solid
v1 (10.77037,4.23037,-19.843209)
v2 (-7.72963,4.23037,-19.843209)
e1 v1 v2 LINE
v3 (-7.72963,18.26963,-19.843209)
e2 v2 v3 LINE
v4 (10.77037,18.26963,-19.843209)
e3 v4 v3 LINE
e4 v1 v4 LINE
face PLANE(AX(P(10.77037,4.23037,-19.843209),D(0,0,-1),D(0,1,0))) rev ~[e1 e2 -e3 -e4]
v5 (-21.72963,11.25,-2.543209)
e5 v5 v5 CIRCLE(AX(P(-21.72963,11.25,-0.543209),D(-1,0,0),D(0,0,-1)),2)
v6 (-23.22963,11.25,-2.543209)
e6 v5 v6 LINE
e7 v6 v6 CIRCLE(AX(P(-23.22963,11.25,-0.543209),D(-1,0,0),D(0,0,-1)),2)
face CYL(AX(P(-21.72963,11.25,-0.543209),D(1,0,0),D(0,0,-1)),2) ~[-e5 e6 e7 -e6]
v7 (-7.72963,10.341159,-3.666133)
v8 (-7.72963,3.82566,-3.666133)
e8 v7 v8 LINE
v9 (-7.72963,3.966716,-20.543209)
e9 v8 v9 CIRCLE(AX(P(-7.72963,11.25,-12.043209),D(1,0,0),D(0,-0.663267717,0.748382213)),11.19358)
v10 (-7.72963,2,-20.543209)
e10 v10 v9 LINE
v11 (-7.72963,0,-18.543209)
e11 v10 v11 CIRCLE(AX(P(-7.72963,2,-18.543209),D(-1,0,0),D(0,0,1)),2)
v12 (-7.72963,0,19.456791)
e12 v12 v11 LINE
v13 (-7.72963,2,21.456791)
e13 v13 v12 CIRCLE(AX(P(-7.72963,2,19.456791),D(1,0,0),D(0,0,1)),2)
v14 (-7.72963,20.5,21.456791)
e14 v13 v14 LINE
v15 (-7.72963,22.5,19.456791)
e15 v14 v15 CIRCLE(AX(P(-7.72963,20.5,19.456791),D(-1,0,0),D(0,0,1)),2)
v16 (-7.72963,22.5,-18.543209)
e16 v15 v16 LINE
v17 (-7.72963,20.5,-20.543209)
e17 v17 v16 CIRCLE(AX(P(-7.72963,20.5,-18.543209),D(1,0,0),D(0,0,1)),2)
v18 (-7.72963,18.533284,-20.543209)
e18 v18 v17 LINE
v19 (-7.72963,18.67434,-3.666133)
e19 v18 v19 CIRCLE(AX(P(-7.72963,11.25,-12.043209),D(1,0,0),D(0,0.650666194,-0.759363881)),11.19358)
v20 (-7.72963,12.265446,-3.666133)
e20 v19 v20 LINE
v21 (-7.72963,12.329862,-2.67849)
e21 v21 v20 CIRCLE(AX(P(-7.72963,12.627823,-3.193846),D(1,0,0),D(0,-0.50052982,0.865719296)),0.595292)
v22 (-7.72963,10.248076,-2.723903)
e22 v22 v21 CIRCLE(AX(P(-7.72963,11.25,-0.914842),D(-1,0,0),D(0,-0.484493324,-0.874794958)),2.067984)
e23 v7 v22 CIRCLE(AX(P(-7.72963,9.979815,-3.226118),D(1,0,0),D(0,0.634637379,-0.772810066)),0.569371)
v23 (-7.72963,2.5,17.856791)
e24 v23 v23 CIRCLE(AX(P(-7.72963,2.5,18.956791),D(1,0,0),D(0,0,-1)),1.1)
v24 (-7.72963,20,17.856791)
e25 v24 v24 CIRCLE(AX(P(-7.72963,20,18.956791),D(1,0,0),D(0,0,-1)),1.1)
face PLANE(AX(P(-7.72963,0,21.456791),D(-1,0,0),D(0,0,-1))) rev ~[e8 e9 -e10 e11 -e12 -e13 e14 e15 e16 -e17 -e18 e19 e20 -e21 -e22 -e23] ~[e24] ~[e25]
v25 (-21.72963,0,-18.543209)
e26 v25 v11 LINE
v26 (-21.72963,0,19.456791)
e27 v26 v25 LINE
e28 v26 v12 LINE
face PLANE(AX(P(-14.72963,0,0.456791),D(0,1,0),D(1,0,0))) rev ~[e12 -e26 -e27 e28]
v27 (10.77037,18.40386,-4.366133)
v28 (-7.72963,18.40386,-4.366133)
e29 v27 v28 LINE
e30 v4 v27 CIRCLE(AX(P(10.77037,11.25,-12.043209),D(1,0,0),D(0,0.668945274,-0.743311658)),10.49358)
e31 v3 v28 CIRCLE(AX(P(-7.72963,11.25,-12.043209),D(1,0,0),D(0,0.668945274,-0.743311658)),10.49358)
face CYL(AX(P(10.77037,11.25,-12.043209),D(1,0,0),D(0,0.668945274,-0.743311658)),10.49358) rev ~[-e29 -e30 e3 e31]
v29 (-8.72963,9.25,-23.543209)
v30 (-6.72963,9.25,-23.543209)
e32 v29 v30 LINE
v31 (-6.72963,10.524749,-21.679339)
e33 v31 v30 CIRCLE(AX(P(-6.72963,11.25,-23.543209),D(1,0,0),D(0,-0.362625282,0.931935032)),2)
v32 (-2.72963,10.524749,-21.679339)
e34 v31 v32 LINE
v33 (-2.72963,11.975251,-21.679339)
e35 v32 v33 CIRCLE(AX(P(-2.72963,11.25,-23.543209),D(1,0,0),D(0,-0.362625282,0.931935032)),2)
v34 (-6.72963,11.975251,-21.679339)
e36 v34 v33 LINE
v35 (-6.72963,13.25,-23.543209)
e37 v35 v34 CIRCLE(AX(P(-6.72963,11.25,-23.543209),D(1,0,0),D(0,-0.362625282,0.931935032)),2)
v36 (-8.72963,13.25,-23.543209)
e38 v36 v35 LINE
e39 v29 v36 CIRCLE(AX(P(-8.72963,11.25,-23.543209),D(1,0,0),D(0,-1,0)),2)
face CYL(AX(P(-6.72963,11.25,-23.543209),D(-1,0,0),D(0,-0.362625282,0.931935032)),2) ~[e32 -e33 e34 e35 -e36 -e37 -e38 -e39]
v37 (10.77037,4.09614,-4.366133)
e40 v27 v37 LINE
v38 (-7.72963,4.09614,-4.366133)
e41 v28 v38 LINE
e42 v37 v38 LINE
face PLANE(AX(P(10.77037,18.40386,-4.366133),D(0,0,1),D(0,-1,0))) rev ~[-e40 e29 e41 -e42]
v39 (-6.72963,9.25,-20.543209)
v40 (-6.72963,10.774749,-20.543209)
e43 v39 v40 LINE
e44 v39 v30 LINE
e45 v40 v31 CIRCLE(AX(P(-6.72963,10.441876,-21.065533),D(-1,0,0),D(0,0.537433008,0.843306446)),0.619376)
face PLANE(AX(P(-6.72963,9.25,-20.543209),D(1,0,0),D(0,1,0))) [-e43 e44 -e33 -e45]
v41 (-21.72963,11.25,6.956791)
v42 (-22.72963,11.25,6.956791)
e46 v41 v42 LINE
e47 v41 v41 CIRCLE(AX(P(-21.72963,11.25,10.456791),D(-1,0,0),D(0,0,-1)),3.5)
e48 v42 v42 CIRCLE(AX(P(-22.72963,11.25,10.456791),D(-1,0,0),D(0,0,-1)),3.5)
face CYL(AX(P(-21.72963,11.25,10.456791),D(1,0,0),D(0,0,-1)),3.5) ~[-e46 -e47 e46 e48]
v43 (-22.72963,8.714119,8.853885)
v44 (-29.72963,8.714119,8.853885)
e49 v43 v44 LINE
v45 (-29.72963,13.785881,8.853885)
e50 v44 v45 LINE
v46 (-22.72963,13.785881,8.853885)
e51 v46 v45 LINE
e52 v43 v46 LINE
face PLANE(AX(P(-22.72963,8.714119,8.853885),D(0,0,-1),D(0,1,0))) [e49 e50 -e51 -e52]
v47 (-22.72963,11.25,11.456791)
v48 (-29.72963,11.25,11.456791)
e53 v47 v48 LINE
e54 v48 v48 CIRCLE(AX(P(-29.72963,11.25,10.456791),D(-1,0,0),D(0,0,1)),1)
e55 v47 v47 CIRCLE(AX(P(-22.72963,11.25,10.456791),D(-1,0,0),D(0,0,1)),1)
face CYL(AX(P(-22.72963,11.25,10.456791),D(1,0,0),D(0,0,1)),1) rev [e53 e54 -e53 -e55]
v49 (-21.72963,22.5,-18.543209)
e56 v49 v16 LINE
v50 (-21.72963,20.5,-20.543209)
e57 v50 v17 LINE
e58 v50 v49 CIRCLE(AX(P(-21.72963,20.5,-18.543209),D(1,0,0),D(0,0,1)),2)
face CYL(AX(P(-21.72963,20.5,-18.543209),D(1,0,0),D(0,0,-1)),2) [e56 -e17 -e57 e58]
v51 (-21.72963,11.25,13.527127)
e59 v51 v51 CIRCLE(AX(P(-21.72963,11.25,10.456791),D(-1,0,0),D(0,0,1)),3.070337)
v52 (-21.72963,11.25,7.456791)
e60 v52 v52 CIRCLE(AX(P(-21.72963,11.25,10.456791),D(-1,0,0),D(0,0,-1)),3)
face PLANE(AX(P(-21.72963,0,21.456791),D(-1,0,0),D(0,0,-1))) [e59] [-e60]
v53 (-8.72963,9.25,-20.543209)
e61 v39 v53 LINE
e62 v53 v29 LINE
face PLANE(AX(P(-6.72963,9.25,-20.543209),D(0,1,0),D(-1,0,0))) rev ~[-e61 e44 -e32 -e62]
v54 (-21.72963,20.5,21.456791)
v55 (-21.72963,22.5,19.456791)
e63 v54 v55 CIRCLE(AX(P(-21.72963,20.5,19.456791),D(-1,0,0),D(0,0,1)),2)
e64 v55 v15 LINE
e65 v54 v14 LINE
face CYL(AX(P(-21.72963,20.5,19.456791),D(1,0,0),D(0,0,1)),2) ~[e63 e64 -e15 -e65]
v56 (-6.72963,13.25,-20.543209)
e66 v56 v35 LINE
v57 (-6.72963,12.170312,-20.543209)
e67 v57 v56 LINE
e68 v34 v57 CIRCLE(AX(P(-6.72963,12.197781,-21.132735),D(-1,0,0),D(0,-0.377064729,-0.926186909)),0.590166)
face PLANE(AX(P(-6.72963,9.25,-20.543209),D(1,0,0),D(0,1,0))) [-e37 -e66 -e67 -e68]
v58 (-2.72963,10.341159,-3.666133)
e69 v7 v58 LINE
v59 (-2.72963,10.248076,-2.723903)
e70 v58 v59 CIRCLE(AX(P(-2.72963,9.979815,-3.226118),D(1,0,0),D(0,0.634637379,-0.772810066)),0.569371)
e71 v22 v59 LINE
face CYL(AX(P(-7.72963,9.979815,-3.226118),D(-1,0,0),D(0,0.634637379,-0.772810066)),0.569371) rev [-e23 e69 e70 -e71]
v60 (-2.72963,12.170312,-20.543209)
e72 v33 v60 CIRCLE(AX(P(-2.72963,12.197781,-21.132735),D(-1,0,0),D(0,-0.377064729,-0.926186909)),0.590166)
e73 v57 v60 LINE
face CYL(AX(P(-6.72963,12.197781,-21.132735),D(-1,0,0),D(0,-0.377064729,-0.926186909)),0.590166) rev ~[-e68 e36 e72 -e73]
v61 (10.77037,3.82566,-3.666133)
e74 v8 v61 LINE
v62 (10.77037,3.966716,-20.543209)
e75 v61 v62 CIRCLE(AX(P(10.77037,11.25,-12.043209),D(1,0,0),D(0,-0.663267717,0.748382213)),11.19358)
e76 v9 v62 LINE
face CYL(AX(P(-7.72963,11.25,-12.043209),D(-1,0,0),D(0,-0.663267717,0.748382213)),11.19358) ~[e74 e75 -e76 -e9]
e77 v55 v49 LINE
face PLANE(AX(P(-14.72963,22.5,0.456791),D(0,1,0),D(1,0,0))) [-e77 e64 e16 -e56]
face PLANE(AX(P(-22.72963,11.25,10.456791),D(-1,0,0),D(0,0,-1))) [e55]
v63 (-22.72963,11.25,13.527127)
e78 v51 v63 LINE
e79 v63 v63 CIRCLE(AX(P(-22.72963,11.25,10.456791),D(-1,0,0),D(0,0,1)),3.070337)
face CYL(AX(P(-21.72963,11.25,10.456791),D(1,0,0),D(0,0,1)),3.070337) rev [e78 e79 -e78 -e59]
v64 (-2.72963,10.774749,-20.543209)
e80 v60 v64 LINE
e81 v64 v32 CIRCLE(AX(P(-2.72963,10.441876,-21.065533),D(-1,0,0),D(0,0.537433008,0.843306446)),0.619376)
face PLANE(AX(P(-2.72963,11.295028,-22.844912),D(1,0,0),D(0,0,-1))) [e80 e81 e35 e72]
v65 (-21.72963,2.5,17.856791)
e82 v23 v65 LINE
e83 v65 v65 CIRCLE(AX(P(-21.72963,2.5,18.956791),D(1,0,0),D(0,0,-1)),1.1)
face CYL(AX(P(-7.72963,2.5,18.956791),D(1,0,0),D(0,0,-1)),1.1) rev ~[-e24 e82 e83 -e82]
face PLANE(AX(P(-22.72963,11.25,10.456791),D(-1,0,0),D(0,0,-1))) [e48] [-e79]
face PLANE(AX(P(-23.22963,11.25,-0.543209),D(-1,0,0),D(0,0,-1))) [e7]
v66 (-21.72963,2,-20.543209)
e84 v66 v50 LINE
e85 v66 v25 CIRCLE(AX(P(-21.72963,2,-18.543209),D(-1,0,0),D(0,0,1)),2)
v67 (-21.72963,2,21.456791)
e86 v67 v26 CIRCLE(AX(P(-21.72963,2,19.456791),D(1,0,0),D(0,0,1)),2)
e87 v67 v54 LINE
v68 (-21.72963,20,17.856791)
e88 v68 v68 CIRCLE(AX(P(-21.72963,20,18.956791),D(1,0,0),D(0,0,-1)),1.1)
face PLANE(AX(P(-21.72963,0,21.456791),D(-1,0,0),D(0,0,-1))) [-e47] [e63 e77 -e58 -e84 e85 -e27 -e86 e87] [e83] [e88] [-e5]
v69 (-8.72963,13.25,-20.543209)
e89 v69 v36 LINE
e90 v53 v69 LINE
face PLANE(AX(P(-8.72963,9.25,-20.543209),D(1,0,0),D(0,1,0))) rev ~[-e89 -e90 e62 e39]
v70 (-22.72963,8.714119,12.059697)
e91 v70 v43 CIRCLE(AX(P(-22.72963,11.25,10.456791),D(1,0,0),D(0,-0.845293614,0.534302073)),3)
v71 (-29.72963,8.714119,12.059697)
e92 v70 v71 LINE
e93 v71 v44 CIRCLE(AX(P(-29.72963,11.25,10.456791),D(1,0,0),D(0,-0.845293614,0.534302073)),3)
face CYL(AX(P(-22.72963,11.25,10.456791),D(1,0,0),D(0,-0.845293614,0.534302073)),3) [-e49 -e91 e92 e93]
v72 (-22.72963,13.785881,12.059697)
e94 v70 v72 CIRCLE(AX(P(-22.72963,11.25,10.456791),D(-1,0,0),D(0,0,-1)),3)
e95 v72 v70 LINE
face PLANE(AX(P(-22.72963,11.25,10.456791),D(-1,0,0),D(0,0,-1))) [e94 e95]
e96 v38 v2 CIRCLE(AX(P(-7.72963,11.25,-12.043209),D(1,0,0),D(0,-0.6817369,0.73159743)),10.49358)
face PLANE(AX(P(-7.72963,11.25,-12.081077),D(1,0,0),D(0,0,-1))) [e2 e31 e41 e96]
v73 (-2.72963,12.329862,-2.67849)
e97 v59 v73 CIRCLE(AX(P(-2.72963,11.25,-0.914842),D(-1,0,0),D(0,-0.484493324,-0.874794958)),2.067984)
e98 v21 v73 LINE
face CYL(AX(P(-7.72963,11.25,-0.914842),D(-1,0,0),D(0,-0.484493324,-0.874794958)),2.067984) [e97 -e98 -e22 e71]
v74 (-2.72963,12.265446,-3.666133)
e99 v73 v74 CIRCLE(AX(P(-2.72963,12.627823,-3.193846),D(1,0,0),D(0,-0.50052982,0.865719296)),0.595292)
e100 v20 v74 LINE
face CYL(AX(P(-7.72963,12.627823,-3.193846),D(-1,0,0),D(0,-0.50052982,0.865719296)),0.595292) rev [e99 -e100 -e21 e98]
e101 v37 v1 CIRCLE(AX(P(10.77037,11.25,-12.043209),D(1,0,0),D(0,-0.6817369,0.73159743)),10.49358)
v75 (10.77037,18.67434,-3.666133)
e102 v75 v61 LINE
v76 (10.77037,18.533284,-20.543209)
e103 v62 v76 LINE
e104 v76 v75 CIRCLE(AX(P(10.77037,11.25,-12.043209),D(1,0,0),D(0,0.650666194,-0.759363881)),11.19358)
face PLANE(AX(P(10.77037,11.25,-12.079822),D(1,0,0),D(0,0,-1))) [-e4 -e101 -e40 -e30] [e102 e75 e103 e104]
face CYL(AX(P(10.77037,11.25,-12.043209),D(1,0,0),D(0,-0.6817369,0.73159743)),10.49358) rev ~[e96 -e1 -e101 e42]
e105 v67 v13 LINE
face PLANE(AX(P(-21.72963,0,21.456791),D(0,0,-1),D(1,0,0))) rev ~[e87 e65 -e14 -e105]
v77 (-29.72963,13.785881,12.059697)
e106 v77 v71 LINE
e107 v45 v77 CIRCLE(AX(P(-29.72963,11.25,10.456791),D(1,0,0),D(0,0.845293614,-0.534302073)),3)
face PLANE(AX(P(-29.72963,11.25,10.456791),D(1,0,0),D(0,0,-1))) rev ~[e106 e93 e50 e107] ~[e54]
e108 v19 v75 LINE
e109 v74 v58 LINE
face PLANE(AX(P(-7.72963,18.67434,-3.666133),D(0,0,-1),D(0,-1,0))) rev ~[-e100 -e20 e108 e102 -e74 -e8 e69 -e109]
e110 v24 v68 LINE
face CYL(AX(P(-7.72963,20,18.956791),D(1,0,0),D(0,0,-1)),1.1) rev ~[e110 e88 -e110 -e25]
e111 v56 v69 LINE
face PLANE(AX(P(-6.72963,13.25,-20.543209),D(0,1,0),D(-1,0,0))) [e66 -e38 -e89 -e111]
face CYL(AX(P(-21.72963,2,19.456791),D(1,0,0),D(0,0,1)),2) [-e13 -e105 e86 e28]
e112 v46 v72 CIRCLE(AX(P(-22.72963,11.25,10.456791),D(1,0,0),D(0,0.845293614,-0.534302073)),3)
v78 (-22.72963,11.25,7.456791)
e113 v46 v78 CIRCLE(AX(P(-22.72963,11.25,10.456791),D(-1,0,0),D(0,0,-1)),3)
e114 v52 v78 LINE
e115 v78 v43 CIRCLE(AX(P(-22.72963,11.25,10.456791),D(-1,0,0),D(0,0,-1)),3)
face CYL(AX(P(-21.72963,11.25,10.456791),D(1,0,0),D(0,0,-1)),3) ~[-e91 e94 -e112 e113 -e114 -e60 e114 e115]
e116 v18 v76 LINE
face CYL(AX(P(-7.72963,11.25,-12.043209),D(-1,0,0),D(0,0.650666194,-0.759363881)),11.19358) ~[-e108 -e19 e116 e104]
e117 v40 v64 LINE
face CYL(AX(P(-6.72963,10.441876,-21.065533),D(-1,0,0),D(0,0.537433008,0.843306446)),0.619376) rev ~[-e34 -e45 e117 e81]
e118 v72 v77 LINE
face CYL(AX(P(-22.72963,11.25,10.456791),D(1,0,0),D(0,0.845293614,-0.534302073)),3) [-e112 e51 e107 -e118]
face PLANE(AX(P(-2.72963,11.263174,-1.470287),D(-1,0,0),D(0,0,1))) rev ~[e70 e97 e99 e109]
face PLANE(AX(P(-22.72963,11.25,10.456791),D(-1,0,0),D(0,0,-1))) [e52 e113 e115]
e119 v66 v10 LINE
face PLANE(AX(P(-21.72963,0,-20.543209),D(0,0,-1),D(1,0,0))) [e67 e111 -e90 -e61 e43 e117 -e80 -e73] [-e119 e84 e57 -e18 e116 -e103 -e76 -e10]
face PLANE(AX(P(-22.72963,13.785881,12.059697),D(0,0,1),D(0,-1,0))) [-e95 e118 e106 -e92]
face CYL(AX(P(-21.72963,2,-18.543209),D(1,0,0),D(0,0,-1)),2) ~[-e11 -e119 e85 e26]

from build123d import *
from build123d.topology import SkipClean

# Parameters (mm, degrees)
SKETCH1_W           = 14
SKETCH1_H           = 42
BOSS_EXTRUDE1_DEPTH = 22.5
FILLET1_R           = 2
BOSS_EXTRUDE2_DEPTH = 18.5
BOSS_EXTRUDE3_DEPTH = 5
SKETCH4_R           = 1.1
CUT_EXTRUDE1_DEPTH  = 15
SKETCH5_W           = 2
SKETCH5_H           = 4
BOSS_EXTRUDE4_DEPTH = 5
BOSS_EXTRUDE5_DEPTH = 4
CUT_EXTRUDE2_START  = -2
CUT_EXTRUDE2_DEPTH  = 2
SKETCH12_R          = 3.5
SKETCH12_R_2        = 3.070336519
BOSS_EXTRUDE6_DEPTH = 1
SKETCH14_R          = 3
BOSS_EXTRUDE7_DEPTH = 1
SKETCH15_R          = 1
BOSS_EXTRUDE8_DEPTH = 7
SKETCH16_R          = 2
BOSS_EXTRUDE9_DEPTH = 1.5
CUT_EXTRUDE3_DEPTH  = 18.5


with BuildPart() as part:
    # Sketch1 → Boss-Extrude1 (new body)
    with BuildSketch(Plane(origin=(0, 0, 0), x_dir=(1, 0, 0), z_dir=(0, 1, 0))):
        with Locations((-14.72963025, -0.456790856)):
            Rectangle(SKETCH1_W, SKETCH1_H)
    extrude(amount=BOSS_EXTRUDE1_DEPTH)

    # Fillet1
    fillet1_edges = [part.edges().sort_by_distance(p)[0] for p in [
        (-14.72963025, 22.5, -20.543209144),
        (-14.72963025, 0, -20.543209144),
        (-14.72963025, 0, 21.456790856),
        (-14.72963025, 22.5, 21.456790856),
    ]]
    fillet(fillet1_edges, radius=FILLET1_R)

    # Sketch2 → Boss-Extrude2 (add)
    with BuildSketch(Plane(origin=(-7.72963025, 0, 0), x_dir=(0, 0, -1), z_dir=(1, 0, 0))):
        with BuildLine():
            Line((3.666133326, 18.67433994), (3.666133326, 3.82566006))
            ThreePointArc((3.666133326, 3.82566006), (12.136760187, 0.056811401), (20.543209144, 3.966716207))
            Line((20.543209144, 3.966716207), (20.543209144, 18.533283793))
            ThreePointArc((20.543209144, 18.533283793), (12.136760187, 22.443188599), (3.666133326, 18.67433994))
        make_face()
    extrude(amount=BOSS_EXTRUDE2_DEPTH)

    # Sketch3 → Boss-Extrude3 (add)
    with BuildSketch(Plane(origin=(-7.72963025, 0, 0), x_dir=(0, 0, -1), z_dir=(1, 0, 0))):
        with BuildLine():
            Line((3.666133326, 12.265446457), (3.666133326, 10.341158941))
            ThreePointArc((3.666133326, 10.341158941), (3.170141933, 10.546427574), (2.72390333, 10.248075799))
            ThreePointArc((2.72390333, 10.248075799), (-1.152649836, 11.204898318), (2.678489822, 12.329861741))
            ThreePointArc((2.678489822, 12.329861741), (3.155102255, 12.033793242), (3.666133326, 12.265446457))
        make_face()
    extrude(amount=BOSS_EXTRUDE3_DEPTH)

    # Sketch4 → Cut-Extrude1 (cut)
    with BuildSketch(Plane(origin=(-7.72963025, 0, 0), x_dir=(0, 0, -1), z_dir=(1, 0, 0))):
        with Locations((-18.956790856, 20)):
            Circle(SKETCH4_R)
        with Locations((-18.956790856, 2.5)):
            Circle(SKETCH4_R)
    extrude(amount=-CUT_EXTRUDE1_DEPTH, mode=Mode.SUBTRACT)

    # Sketch5 → Boss-Extrude4 (add)
    with BuildSketch(Plane(origin=(0, 0, -20.543209144), x_dir=(-1, 0, 0), z_dir=(0, 0, -1))):
        with Locations((7.72963025, 11.25)):
            Rectangle(SKETCH5_W, SKETCH5_H)
    extrude(amount=BOSS_EXTRUDE4_DEPTH)

    # Sketch6 → Boss-Extrude5 (add)
    with BuildSketch(Plane(origin=(-6.72963025, 0, 0), x_dir=(0, 0, -1), z_dir=(1, 0, 0))):
        with BuildLine():
            ThreePointArc((21.679339079, 11.975250565), (21.032871281, 11.616126027), (20.543209144, 12.17031195))
            Line((20.543209144, 12.17031195), (20.543209144, 10.774749435))
            ThreePointArc((20.543209144, 10.774749435), (21.198638933, 11.046780591), (21.679339079, 10.524749435))
            ThreePointArc((21.679339079, 10.524749435), (25.543209144, 11.25), (21.679339079, 11.975250565))
        make_face()
    extrude(amount=BOSS_EXTRUDE5_DEPTH)

    # Sketch7 → Cut-Extrude2 (cut)
    with BuildSketch(Plane(origin=(-6.72963025, 0, 0), x_dir=(0, 0, -1), z_dir=(1, 0, 0)).offset(CUT_EXTRUDE2_START)):
        with BuildLine():
            Line((23.543209144, 13.25), (23.543209144, 13.967200788))
            Line((23.543209144, 13.967200788), (25.760178749, 13.967200788))
            Line((25.760178749, 13.967200788), (25.760178749, 8.970470958))
            Line((25.760178749, 8.970470958), (23.543209144, 8.970470958))
            Line((23.543209144, 8.970470958), (23.543209144, 9.25))
            ThreePointArc((23.543209144, 9.25), (25.543209144, 11.25), (23.543209144, 13.25))
        make_face()
    extrude(amount=CUT_EXTRUDE2_DEPTH, mode=Mode.SUBTRACT)

    # Sketch12 → Boss-Extrude6 (add)
    with BuildSketch(Plane.ZY.offset(21.72963025)):
        with Locations(Location((10.456790856, 11.25, 0), (0, 0, 180))):
            Circle(SKETCH12_R)
        with Locations((10.456790856, 11.25)):
            Circle(SKETCH12_R_2, mode=Mode.SUBTRACT)
    extrude(amount=BOSS_EXTRUDE6_DEPTH)

    # Sketch14 → Boss-Extrude7 (add)
    with BuildSketch(Plane.ZY.offset(21.72963025)):
        with Locations(Location((10.456790856, 11.25, 0), (0, 0, 180))):
            Circle(SKETCH14_R)
    extrude(amount=BOSS_EXTRUDE7_DEPTH)

    # Sketch15 → Boss-Extrude8 (add)
    with SkipClean():  # the faces are left unmerged after this step: merging them gives an invalid solid
        with BuildSketch(Plane.ZY.offset(22.72963025)):
            with BuildLine():
                Line((8.853884636, 8.714119157), (8.853884636, 13.785880843))
                ThreePointArc((8.853884636, 13.785880843), (10.456790856, 14.25), (12.059697077, 13.785880843))
                Line((12.059697077, 13.785880843), (12.059697077, 8.714119157))
                ThreePointArc((12.059697077, 8.714119157), (10.456790856, 8.25), (8.853884636, 8.714119157))
            make_face()
            with Locations((10.456790856, 11.25)):
                Circle(SKETCH15_R, mode=Mode.SUBTRACT)
        extrude(amount=BOSS_EXTRUDE8_DEPTH)

    # Sketch16 → Boss-Extrude9 (add)
    with SkipClean():  # the faces are left unmerged after this step: merging them gives an invalid solid
        with BuildSketch(Plane.ZY.offset(21.72963025)):
            with Locations(Location((-0.543209144, 11.25, 0), (0, 0, 180))):
                Circle(SKETCH16_R)
        extrude(amount=BOSS_EXTRUDE9_DEPTH)

    # Sketch17 → Cut-Extrude3 (cut)
    with SkipClean():  # the faces are left unmerged after this step: merging them gives an invalid solid
        with BuildSketch(Plane(origin=(10.77036975, 0, 0), x_dir=(0, 0, -1), z_dir=(1, 0, 0))):
            with BuildLine():
                Line((19.843209144, 4.230369564), (19.843209144, 18.269630436))
                ThreePointArc((19.843209144, 18.269630436), (12.134214683, 21.743184905), (4.366133326, 18.403860381))
                Line((4.366133326, 18.403860381), (4.366133326, 4.096139619))
                ThreePointArc((4.366133326, 4.096139619), (12.134214683, 0.756815095), (19.843209144, 4.230369564))
            make_face()
        extrude(amount=-CUT_EXTRUDE3_DEPTH, mode=Mode.SUBTRACT)


solid = part.part
